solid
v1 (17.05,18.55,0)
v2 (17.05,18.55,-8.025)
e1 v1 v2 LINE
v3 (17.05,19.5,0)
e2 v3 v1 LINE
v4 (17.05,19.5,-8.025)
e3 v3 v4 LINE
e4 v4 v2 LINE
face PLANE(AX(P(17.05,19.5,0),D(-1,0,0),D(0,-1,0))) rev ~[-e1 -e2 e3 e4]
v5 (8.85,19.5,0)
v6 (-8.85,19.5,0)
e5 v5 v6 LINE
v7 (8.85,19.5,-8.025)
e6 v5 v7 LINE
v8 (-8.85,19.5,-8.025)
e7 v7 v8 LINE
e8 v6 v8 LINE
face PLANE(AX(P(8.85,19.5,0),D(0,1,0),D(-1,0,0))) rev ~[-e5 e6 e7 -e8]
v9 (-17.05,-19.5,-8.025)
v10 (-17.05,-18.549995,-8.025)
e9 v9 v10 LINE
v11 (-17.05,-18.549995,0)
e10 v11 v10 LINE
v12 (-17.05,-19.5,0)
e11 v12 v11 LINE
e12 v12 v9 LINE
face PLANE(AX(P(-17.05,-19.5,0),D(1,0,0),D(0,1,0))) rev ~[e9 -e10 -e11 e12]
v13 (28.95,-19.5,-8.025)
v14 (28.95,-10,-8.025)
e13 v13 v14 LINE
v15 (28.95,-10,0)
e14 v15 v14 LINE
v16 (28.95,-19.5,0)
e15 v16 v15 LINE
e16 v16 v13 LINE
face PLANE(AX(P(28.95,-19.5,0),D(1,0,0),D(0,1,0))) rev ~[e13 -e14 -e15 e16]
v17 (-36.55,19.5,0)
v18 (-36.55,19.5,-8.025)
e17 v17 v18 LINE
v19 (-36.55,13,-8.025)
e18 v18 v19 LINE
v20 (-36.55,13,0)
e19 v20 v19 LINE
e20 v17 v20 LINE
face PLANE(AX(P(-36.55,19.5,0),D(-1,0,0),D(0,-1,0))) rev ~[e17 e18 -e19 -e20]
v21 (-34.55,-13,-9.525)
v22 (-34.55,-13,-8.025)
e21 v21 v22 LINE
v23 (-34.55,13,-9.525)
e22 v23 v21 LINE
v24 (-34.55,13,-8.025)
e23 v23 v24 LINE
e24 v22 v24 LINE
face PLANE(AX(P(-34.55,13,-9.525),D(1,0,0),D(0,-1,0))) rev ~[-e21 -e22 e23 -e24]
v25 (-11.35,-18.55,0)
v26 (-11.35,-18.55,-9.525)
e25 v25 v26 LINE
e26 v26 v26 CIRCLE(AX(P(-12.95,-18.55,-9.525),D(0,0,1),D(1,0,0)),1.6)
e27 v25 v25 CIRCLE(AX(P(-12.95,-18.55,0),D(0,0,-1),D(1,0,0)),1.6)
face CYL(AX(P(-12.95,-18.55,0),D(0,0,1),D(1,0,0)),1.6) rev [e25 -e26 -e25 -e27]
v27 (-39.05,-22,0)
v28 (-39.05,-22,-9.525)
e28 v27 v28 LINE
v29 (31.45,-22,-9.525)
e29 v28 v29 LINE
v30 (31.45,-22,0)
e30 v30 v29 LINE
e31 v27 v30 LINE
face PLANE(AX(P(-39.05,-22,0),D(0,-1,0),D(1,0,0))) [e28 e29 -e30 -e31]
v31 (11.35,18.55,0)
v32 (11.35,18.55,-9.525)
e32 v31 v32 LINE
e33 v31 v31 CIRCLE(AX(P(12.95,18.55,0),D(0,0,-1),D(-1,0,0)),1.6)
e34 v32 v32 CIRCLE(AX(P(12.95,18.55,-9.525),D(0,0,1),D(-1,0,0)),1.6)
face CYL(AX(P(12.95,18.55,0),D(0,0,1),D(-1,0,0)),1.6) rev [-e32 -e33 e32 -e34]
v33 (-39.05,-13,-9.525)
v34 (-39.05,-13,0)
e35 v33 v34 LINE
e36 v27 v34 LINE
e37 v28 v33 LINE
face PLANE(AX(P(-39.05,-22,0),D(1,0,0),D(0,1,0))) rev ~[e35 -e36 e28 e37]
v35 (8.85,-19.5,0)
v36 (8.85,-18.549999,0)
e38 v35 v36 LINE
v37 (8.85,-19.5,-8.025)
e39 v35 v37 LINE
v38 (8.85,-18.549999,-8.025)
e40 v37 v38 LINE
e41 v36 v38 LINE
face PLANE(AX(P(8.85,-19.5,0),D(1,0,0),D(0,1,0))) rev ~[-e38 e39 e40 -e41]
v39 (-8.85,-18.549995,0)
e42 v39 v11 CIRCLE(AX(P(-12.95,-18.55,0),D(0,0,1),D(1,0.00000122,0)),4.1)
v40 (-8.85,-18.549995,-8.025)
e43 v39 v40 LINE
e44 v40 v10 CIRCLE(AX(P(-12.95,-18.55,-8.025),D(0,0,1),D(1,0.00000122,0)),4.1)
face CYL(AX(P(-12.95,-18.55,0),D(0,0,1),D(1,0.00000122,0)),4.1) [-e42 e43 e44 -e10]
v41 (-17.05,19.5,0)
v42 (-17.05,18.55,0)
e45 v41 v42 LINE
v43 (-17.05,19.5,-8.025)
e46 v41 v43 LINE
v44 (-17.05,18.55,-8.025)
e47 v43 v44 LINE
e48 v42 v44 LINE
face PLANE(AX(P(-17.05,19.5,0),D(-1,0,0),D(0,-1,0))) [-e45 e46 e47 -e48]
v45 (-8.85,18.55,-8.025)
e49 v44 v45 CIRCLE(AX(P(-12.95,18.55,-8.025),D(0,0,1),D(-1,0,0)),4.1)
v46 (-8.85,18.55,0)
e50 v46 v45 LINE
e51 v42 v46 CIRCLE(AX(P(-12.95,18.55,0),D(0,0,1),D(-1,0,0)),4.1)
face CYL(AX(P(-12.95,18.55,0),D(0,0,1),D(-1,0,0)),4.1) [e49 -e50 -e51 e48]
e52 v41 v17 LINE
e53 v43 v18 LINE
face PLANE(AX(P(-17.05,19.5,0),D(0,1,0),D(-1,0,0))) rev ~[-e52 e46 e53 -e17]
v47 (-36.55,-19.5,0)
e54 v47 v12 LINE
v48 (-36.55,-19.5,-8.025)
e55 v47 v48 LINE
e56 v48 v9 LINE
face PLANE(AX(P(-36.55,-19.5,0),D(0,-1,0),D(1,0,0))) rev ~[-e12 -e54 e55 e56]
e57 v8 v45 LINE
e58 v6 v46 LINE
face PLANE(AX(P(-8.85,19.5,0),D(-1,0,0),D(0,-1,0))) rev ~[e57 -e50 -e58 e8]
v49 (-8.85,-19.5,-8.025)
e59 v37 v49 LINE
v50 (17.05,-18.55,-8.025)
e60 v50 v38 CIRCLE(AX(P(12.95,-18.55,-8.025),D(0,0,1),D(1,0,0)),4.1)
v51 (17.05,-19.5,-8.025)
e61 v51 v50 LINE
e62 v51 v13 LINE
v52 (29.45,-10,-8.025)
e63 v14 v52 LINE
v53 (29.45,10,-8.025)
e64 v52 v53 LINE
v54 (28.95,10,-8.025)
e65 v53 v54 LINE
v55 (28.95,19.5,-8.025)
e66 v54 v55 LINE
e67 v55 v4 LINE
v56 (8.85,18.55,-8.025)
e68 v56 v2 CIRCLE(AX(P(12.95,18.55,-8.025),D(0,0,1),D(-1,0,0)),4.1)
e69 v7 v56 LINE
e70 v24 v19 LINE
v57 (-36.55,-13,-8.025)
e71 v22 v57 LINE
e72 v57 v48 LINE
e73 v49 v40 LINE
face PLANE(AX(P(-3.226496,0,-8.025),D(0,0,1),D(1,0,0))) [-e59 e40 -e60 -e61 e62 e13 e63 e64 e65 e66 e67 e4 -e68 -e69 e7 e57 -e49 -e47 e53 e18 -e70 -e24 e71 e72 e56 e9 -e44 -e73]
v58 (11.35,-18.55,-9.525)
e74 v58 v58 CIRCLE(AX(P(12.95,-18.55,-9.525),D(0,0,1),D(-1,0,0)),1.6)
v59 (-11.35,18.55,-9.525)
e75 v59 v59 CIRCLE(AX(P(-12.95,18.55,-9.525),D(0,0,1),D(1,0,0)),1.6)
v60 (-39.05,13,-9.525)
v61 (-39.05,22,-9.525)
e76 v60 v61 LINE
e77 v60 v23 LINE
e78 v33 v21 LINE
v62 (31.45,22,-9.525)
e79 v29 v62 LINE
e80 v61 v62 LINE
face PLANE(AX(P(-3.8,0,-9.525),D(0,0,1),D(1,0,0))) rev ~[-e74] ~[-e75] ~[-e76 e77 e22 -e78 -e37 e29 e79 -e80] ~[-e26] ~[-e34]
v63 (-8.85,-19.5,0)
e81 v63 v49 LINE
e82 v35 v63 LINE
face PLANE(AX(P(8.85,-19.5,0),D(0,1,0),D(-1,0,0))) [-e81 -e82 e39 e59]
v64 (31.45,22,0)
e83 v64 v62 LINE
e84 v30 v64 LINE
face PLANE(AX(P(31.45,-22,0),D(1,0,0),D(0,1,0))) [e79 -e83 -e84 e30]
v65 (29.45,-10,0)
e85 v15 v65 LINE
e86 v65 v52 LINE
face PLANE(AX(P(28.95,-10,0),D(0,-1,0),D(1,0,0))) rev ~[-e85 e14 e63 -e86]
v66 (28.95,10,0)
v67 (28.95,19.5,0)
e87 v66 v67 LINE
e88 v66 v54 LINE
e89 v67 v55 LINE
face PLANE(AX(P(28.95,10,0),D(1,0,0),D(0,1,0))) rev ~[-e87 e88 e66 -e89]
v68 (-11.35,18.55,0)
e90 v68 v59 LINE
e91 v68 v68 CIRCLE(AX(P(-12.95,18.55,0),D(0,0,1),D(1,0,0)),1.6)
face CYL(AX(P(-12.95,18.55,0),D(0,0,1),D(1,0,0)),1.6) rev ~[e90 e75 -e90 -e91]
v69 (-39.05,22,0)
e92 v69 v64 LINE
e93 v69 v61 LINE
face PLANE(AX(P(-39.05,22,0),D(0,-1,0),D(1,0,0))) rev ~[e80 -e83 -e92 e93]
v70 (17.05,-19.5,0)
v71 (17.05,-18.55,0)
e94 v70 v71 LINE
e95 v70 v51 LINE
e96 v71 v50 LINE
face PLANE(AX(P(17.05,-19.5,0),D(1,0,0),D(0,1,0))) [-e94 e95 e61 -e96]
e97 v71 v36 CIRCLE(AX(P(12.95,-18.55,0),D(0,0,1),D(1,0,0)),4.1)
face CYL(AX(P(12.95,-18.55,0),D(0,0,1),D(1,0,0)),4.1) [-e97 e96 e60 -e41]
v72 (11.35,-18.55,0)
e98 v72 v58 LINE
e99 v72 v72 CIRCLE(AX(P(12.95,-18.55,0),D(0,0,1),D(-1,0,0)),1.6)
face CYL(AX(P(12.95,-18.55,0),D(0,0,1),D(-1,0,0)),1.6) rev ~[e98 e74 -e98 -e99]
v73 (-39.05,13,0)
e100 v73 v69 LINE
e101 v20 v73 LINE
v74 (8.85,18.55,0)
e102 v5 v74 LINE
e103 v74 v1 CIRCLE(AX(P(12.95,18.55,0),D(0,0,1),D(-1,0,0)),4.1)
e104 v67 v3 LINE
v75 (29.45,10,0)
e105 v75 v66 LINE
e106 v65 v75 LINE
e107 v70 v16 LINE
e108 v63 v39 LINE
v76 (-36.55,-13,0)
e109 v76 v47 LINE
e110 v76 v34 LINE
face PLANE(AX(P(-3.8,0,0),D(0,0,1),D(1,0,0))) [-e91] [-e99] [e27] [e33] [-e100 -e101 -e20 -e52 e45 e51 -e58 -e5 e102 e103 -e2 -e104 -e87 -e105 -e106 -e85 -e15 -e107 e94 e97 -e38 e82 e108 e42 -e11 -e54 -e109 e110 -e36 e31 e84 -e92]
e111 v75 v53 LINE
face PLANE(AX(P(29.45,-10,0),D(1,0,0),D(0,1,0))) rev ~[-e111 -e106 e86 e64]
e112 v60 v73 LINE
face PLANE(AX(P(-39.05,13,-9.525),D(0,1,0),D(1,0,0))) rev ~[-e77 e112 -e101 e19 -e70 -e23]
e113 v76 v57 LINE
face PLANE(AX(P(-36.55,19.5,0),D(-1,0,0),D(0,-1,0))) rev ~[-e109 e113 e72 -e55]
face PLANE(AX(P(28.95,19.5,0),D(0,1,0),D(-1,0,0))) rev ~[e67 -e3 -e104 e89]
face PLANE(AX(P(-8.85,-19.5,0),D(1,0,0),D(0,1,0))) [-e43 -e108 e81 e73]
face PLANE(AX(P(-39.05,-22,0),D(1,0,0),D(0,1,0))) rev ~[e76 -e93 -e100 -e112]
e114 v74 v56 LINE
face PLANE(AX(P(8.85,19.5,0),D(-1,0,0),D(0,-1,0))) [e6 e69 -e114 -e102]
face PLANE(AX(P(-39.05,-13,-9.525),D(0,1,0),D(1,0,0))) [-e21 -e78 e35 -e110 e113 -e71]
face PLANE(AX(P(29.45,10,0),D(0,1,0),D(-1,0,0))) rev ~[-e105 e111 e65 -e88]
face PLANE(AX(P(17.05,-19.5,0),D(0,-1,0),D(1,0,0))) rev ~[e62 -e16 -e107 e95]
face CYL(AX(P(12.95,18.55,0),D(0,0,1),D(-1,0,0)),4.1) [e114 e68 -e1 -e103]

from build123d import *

# Parameters (mm, degrees)
SKETCH_W                = 70.5
SKETCH_H                = 44
PAD_DEPTH               = 9.525
SKETCH001_R             = 1.6
POCKET_DEPTH            = 176.821853
SKETCH001_MIRRORED_2_R  = 1.6
POCKET_MIRRORED_2_DEPTH = 176.821853
POCKET001_DEPTH         = 8.025
SKETCH003_W             = 4.5
SKETCH003_H             = 26
POCKET002_DEPTH         = 9.526


with BuildPart() as part:
    # Sketch → Pad (new body)
    with BuildSketch(Plane.XY):
        with Locations((-3.8, 0)):
            Rectangle(SKETCH_W, SKETCH_H)
    extrude(amount=-PAD_DEPTH)

    # Sketch001 (on Face5 of Pad) → Pocket (cut, through all)
    with BuildSketch(Plane.XY):
        with Locations((-12.95, 18.55)):
            Circle(SKETCH001_R)
    pocket = extrude(amount=-POCKET_DEPTH, mode=Mode.SUBTRACT)

    # Sketch001 Mirrored 2 → Pocket Mirrored 2 (cut, through all)
    with BuildSketch(Plane(origin=(0, 0, 0), x_dir=(-1, 0, 0), z_dir=(0, 0, -1))):
        with Locations((-12.95, 18.55)):
            Circle(SKETCH001_MIRRORED_2_R)
    pocket_mirrored_2 = extrude(amount=POCKET_MIRRORED_2_DEPTH, mode=Mode.SUBTRACT)

    # Mirrored001: Pocket, Pocket Mirrored 2 across XZ
    add(pocket.mirror(Plane.XZ), mode=Mode.SUBTRACT)
    add(pocket_mirrored_2.mirror(Plane.XZ), mode=Mode.SUBTRACT)

    # Sketch002 (on Face4 of MultiTransform) → Pocket001 (cut)
    with BuildSketch(Plane.XY):
        with BuildLine():
            Line((29.45, -10), (29.45, 10))
            Line((29.45, 10), (28.95, 10))
            Line((28.95, 10), (28.95, 19.5))
            Line((28.95, 19.5), (17.05, 19.5))
            Line((17.05, 19.5), (17.05, 18.55))
            ThreePointArc((8.85, 18.55), (12.95, 14.45), (17.05, 18.55))
            Line((8.85, 19.5), (8.85, 18.55))
            Line((8.85, 19.5), (-8.85, 19.5))
            Line((-8.85, 19.5), (-8.85, 18.55))
            ThreePointArc((-17.05, 18.55), (-12.95, 14.45), (-8.85, 18.55))
            Line((-17.05, 19.5), (-17.05, 18.55))
            Line((-17.05, 19.5), (-36.55, 19.5))
            Line((-36.55, 19.5), (-36.55, -19.5))
            Line((-36.55, -19.5), (-17.05, -19.5))
            Line((-17.05, -19.5), (-17.05, -18.549995))
            ThreePointArc((-8.85, -18.549995), (-12.95, -14.45), (-17.05, -18.549995))
            Line((-8.85, -19.5), (-8.85, -18.549995))
            Line((8.85, -19.5), (-8.85, -19.5))
            Line((8.85, -19.5), (8.85, -18.549999))
            ThreePointArc((17.05, -18.55), (12.95, -14.45), (8.85, -18.549999))
            Line((17.05, -19.5), (17.05, -18.55))
            Line((17.05, -19.5), (28.95, -19.5))
            Line((28.95, -19.5), (28.95, -10))
            Line((28.95, -10), (29.45, -10))
        make_face()
    extrude(amount=-POCKET001_DEPTH, mode=Mode.SUBTRACT)

    # Sketch003 (on Face5 of Pocket001) → Pocket002 (cut, through all)
    with BuildSketch(Plane(origin=(0, 0, -9.525), x_dir=(1, 0, 0), z_dir=(0, 0, -1))):
        with Locations((-36.8, 0)):
            Rectangle(SKETCH003_W, SKETCH003_H)
    extrude(amount=-POCKET002_DEPTH, mode=Mode.SUBTRACT)


solid = part.part
